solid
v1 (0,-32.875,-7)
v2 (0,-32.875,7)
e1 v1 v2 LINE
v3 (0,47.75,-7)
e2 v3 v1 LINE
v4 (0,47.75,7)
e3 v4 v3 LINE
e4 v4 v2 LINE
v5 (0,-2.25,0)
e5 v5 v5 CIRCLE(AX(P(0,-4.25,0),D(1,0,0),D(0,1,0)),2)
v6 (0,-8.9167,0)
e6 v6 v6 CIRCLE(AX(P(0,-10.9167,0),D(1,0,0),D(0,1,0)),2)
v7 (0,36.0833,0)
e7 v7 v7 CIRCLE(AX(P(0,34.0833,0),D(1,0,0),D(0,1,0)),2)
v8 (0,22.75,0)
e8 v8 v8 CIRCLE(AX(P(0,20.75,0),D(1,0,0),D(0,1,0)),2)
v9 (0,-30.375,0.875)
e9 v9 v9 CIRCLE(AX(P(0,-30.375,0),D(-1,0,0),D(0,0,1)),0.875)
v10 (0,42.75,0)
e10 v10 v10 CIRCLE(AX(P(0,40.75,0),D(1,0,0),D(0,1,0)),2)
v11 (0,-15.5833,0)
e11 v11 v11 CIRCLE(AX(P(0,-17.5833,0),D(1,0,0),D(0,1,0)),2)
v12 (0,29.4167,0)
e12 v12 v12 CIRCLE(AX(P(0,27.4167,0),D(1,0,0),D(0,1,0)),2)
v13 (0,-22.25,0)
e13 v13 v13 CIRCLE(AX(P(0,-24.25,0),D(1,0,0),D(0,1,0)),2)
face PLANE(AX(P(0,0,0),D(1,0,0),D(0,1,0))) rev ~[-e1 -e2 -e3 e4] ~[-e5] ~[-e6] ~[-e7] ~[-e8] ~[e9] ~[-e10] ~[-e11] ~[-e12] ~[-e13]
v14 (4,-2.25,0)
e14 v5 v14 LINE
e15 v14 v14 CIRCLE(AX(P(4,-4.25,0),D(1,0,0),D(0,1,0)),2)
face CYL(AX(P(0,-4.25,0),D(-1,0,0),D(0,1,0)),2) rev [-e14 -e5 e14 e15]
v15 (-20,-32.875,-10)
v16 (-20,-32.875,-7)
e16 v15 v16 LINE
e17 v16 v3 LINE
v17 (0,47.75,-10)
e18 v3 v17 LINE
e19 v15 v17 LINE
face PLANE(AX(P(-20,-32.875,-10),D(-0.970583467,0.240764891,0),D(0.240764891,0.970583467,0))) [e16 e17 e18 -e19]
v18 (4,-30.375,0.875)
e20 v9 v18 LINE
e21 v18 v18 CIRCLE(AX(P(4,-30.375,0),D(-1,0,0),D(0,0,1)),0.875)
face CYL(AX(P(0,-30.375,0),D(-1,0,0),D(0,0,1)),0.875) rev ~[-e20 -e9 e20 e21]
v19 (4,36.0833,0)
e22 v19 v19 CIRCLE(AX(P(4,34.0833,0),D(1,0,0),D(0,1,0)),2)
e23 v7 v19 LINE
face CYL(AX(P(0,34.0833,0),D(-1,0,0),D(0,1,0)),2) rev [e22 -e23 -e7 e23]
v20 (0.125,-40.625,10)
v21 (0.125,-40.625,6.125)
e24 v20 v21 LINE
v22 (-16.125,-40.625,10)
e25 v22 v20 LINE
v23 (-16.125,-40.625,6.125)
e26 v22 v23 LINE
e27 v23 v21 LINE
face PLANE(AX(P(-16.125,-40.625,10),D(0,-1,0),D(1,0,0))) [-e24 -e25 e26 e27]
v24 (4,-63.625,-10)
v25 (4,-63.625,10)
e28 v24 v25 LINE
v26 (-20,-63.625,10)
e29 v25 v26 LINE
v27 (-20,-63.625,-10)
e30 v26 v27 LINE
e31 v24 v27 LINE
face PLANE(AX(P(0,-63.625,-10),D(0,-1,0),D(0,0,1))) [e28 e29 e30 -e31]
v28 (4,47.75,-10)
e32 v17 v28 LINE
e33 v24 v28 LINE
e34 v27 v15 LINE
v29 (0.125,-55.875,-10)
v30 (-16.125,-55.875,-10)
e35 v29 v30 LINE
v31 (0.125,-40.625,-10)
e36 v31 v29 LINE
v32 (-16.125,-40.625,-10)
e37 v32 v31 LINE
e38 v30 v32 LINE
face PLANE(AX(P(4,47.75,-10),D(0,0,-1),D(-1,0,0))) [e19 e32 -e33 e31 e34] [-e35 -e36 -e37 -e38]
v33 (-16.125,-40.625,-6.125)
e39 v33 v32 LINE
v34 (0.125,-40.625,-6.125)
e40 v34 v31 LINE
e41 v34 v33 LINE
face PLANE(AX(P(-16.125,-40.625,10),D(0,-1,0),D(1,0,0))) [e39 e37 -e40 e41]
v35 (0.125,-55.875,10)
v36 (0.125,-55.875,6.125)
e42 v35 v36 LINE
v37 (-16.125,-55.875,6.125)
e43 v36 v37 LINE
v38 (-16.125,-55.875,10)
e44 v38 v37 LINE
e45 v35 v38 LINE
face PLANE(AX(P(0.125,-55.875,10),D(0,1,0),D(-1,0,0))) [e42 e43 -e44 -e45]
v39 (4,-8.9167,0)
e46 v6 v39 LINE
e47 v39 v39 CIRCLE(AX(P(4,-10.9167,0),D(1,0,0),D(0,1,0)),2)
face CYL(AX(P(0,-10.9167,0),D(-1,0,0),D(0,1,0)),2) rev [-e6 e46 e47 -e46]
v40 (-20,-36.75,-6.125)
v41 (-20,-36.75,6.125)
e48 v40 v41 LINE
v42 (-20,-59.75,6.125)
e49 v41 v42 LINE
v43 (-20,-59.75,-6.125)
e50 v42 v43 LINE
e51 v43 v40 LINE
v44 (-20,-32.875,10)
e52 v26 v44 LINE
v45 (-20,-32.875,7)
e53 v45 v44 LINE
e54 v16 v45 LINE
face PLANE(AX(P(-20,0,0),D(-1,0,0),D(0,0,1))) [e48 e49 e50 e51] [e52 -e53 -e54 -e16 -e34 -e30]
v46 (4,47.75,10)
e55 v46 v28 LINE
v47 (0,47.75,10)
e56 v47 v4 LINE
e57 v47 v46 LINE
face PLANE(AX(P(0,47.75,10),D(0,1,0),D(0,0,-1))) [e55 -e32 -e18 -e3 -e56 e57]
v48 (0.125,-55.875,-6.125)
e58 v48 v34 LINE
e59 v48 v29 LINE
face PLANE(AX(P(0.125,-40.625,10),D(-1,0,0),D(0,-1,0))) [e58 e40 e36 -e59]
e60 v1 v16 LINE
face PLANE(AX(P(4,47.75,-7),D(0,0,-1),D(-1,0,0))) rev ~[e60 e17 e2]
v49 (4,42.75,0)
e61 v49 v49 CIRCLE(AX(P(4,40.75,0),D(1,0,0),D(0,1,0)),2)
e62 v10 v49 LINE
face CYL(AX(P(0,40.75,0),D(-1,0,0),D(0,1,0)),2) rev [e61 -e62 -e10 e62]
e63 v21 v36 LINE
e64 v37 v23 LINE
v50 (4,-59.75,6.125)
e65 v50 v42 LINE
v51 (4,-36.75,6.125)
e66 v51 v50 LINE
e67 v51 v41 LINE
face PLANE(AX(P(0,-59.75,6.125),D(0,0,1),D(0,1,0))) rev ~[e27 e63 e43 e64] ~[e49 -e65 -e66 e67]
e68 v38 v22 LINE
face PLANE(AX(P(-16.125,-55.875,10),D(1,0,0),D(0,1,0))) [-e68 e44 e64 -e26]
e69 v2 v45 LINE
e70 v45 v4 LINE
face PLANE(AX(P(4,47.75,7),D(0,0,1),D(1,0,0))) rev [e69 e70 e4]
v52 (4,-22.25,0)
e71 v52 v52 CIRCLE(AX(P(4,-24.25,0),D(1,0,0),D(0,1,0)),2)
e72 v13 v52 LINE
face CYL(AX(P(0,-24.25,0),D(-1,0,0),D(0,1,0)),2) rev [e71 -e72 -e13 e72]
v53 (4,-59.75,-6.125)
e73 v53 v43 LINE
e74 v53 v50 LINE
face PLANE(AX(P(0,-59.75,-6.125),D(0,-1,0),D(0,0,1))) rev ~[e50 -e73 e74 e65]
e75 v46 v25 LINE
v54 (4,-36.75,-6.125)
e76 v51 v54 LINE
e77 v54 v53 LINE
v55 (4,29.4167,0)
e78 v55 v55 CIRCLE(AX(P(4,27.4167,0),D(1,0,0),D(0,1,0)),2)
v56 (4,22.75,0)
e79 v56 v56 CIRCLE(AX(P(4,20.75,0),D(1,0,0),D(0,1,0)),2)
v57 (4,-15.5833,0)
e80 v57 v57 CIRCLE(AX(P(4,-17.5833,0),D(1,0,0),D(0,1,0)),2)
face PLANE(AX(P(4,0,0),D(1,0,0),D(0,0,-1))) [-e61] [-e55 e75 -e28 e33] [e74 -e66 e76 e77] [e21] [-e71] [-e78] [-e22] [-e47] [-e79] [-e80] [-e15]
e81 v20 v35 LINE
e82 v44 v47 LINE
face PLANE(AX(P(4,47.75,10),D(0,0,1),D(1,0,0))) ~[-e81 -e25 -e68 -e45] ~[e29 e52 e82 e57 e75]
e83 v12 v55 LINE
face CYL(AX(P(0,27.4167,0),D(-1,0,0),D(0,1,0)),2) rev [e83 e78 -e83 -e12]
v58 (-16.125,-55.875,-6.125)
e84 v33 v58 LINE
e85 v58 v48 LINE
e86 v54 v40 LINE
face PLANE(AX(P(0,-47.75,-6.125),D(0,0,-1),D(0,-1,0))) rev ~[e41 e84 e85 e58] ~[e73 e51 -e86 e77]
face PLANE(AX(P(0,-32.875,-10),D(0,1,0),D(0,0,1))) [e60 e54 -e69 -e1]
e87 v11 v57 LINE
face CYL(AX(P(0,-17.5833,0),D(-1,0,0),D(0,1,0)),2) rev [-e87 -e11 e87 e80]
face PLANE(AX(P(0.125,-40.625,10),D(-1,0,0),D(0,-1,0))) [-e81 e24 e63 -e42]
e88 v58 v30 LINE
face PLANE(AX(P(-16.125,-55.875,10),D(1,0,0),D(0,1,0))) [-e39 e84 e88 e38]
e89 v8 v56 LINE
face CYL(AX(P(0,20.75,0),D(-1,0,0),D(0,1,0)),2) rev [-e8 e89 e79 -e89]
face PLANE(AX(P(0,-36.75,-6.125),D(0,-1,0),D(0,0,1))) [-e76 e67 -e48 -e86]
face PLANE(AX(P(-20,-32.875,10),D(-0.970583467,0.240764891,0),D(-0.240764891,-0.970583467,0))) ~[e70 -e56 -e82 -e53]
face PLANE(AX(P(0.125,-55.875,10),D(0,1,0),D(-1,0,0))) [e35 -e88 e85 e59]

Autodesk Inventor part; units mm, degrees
ref_plane "YZ Plane" through (0, 0, 0) normal (1, 0, 0) x (0, 1, 0)
ref_plane "XZ Plane" through (0, 0, 0) normal (0, 1, 0) x (-1, 0, 0)
ref_plane "XY Plane" through (0, 0, 0) normal (0, 0, 1) x (1, 0, 0)
sketch "Sketch1" plane through (0, 0, 0) normal (1, 0, 0) x (0, 1, 0)
  line L0 (47.75, -10) -> (-47.75, -10)
  line L1 (-47.75, -10) -> (-47.75, 10)
  line L2 (-47.75, 10) -> (47.75, 10)
  line L3 (47.75, 10) -> (47.75, -10)
  line L4 (47.75, -10) -> (-47.75, 10) construction
  line L5 (-47.75, -10) -> (47.75, 10) construction
  circle A0 centre (40.75, 0) radius 2
  circle A1 centre (-4.25, 0) radius 2
  line L6 (18.25, 25.1028) -> (18.25, -34.7635) construction
  line L7 (-1.75, 23.8417) -> (-1.75, -36.7999) construction
  circle A2 centre (20.75, 0) radius 2
  circle A3 centre (-24.25, 0) radius 2
  line L8 (-41.75, 23.8417) -> (-41.75, -30.9921) construction
  circle A4 centre (34.0833, 0) radius 2
  circle A5 centre (27.4167, 0) radius 2
  circle A6 centre (-10.9167, 0) radius 2
  circle A7 centre (-17.5833, 0) radius 2
  point P0 (0, 0)
  dimension "d1" = 20
  dimension "d4" = 4
  dimension "d5" = 7
  dimension "d6" = 45
  dimension "d7" = 22.5
  dimension "d8" = 20
  dimension "d9" = 22.5
  dimension "d10" = 22.5
  dimension "d11" = 60
  dimension "d18" = 6.6667
  dimension "d25" = 6.6667
  dimension "d30" = 6
extrude "Extrusion1" add sketch "Sketch1" along normal blind 4
sketch "Sketch2" plane through (0, 0, 0) normal (1, 0, 0) x (0, 1, 0)
  line L0 (-41.75, 22.3574) -> (-41.75, -36.9148) construction
  circle A0 centre (-17.5833, 0) radius 2 projected
  circle A1 centre (-10.9167, 0) radius 2 projected
  circle A2 centre (27.4167, 0) radius 2 projected
  circle A3 centre (34.0833, 0) radius 2 projected
  circle A4 centre (-24.25, 0) radius 2 projected
  circle A5 centre (20.75, 0) radius 2 projected
  circle A6 centre (-4.25, 0) radius 2 projected
  circle A7 centre (40.75, 0) radius 2 projected
  line L1 (-47.75, -10) -> (47.75, -10) projected
  line L2 (47.75, -10) -> (47.75, 10) projected
  line L3 (47.75, 10) -> (-47.75, 10) projected
  line L4 (-47.75, 10) -> (-47.75, -10) projected
  line L5 (47.75, 0) -> (-47.75, 0) construction
  line L6 (-47.75, -10) -> (-47.75, 10) projected
  line L7 (-59.75, -6.125) -> (-36.75, -6.125)
  line L8 (-36.75, -6.125) -> (-36.75, 6.125)
  line L9 (-36.75, 6.125) -> (-59.75, 6.125)
  line L10 (-59.75, 6.125) -> (-59.75, -6.125)
  line L11 (-59.75, -6.125) -> (-36.75, 6.125) construction
  line L12 (-36.75, -6.125) -> (-59.75, 6.125) construction
  line L13 (-47.75, -10) -> (-63.625, -10)
  line L14 (-63.625, -10) -> (-63.625, 10)
  line L15 (-63.625, 10) -> (-47.75, 10)
  line L16 (-47.75, 10) -> (-47.75, -10)
  line L17 (-32.875, -10) -> (-32.875, 10)
  point P0 (0, 0)
  point P1 (-48.25, 0)
  dimension "d33" = 6
  dimension "d34" = 12.25
  dimension "d35" = 23
  dimension "d36" = 5
  dimension "d37" = 3.875
  dimension "d38" = 3.875
  dimension "d39" = 3.875
extrude "Extrusion2" cut sketch "Sketch2" along normal blind 20 contours L7 L10 L9 L4 | L4 L9 L8 L7
sketch "Sketch3" plane through (0, 0, 0) normal (-1, 0, 0) x (0, 0, 1)
  line L0 (-10, -47.75) -> (-6.125, -47.75) projected
  line L1 (-10, -47.75) -> (-6.125, -47.75)
  line L2 (6.125, -47.75) -> (10, -47.75) projected
  line L3 (10, -47.75) -> (6.125, -47.75)
  line L4 (6.125, -36.75) -> (6.125, -47.75) projected
  line L5 (6.125, -47.75) -> (10, -47.75) projected
  line L6 (10, -47.75) -> (10, 47.75) projected
  line L7 (10, 47.75) -> (-10, 47.75) projected
  line L8 (-10, 47.75) -> (-10, -47.75) projected
  line L9 (-10, -47.75) -> (-6.125, -47.75) projected
  line L10 (-6.125, -47.75) -> (-6.125, -36.75) projected
  line L11 (-6.125, -36.75) -> (6.125, -36.75) projected
  circle A0 centre (0, -17.5833) radius 2 projected
  circle A1 centre (0, -10.9167) radius 2 projected
  circle A2 centre (0, 27.4167) radius 2 projected
  circle A3 centre (0, 34.0833) radius 2 projected
  circle A4 centre (0, -24.25) radius 2 projected
  circle A5 centre (0, 20.75) radius 2 projected
  circle A6 centre (0, -4.25) radius 2 projected
  circle A7 centre (0, 40.75) radius 2 projected
  line L12 (-6.125, -36.75) -> (6.125, -36.75)
  line L13 (6.125, -36.75) -> (6.125, -59.75)
  line L14 (6.125, -59.75) -> (-6.125, -59.75)
  line L15 (-6.125, -59.75) -> (-6.125, -36.75)
  line L16 (-10, 47.75) -> (-10, -47.75) projected
  line L17 (-10, -32.875) -> (10, -32.875)
  line L18 (10, -32.875) -> (10, -63.625)
  line L19 (10, -63.625) -> (-10, -63.625)
  line L20 (-10, -63.625) -> (-10, -32.875)
  point P0 (0, 0)
  dimension "d44" = 23
  dimension "d45" = 3.875
  dimension "d46" = 3.875
  dimension "d47" = 3.875
extrude "Extrusion4" add sketch "Sketch3" along normal blind 20 contours L8 L17 L6 L2 L4 L11 L10 L0 | L0 L15 L14 L13 L2 L18 L19 L20
sketch "Sketch5" plane through (0, 0, 0) normal (1, 0, 0) x (0, 0, -1)
  line L0 (-6.125, -47.75) -> (-10, -47.75) projected
  line L1 (-10, -63.625) -> (-10, -47.75) projected
  line L2 (10, -63.625) -> (-10, -63.625) projected
  line L3 (10, -47.75) -> (10, -63.625) projected
  line L4 (10, -47.75) -> (6.125, -47.75) projected
  line L5 (6.125, -47.75) -> (6.125, -59.75) projected
  line L6 (6.125, -59.75) -> (-6.125, -59.75) projected
  line L7 (-6.125, -59.75) -> (-6.125, -47.75) projected
  point P0 (0, 0)
extrude "Extrusion5" add sketch "Sketch5" along normal blind 4
sketch "Sketch6" plane through (0, 0, 0) normal (-1, 0, 0) x (0, 0, 1)
  line L0 (-10, -32.875) -> (10, -32.875) projected
  line L1 (10, -32.875) -> (10, 47.75) projected
  line L2 (10, 47.75) -> (-10, 47.75) projected
  line L3 (-10, 47.75) -> (-10, -32.875) projected
  circle A0 centre (0, -17.5833) radius 2 projected
  circle A1 centre (0, -10.9167) radius 2 projected
  circle A2 centre (0, 27.4167) radius 2 projected
  circle A3 centre (0, 34.0833) radius 2 projected
  circle A4 centre (0, -24.25) radius 2 projected
  circle A5 centre (0, 20.75) radius 2 projected
  circle A6 centre (0, -4.25) radius 2 projected
  circle A7 centre (0, 40.75) radius 2 projected
  circle A8 centre (0, -30.375) radius 0.875
  point P0 (0, 0)
  dimension "d52" = 2.5
  dimension "d53" = 1.75
extrude "Extrusion6" cut sketch "Sketch6" against normal blind 4 contours A8
sketch "Sketch7" plane through (0, 47.75, 10) normal (0, 0, 1) x (1, 0, 0)
  line L0 (4, 0) -> (4, -111.375) projected
  line L1 (0, 0) -> (4, 0) projected
  line L2 (0, -80.625) -> (0, 0) projected
  line L3 (0, -80.625) -> (-20, -80.625) projected
  line L4 (-20, -111.375) -> (-20, -80.625) projected
  line L5 (4, -111.375) -> (-20, -111.375) projected
  line L6 (4, -84.5) -> (4, -107.5) projected
  line L7 (-20, -84.5) -> (4, -84.5) projected
  line L8 (-20, -107.5) -> (-20, -84.5) projected
  line L9 (4, -107.5) -> (-20, -107.5) projected
  line L10 (-16.125, -88.375) -> (0.125, -88.375)
  line L11 (0.125, -88.375) -> (0.125, -103.625)
  line L12 (0.125, -103.625) -> (-16.125, -103.625)
  line L13 (-16.125, -103.625) -> (-16.125, -88.375)
  point P0 (0, -47.75)
  dimension "d56" = 3.875
  dimension "d57" = 3.875
  dimension "d58" = 3.875
  dimension "d59" = 3.875
extrude "Extrusion7" cut sketch "Sketch7" against normal blind 20 contours L10 L11 L12 L13
sketch "Sketch8" plane through (4, 47.75, -10) normal (0, 0, -1) x (-1, 0, 0)
  line L0 (24, -84.5) -> (0, -84.5) projected
  line L1 (20.125, -88.375) -> (20.125, -103.625) projected
  line L2 (20.125, -103.625) -> (3.875, -103.625) projected
  line L3 (3.875, -103.625) -> (3.875, -88.375) projected
  line L4 (3.875, -88.375) -> (20.125, -88.375) projected
  line L5 (4, 0) -> (4, -80.625) projected
  line L6 (4, 0) -> (0, 0) projected
  line L7 (0, -111.375) -> (0, 0) projected
  line L8 (0, -111.375) -> (24, -111.375) projected
  line L9 (24, -80.625) -> (24, -111.375) projected
  line L10 (4, -80.625) -> (24, -80.625) projected
  line L11 (4, -80.625) -> (4, 0) projected
  line L12 (4, 0) -> (4, -80.625) projected
  line L13 (24, -80.625) -> (4, 0)
  point P0 (4, -47.75)
extrude "Extrusion8" add sketch "Sketch8" against normal blind 3 contours L10 L5 L13
mirror "Mirror2" about plane through (0, 0, 0) normal (0, 0, 1) of "Extrusion8"
sketch "Sketch9" plane through (4, 0, 0) normal (1, 0, 0) x (0, 0, -1)
  circle A0 centre (0, -30.375) radius 0.875 projected
  line L0 (10, -63.625) -> (10, 47.75) projected
  line L1 (10, 47.75) -> (-10, 47.75) projected
  line L2 (-10, 47.75) -> (-10, -63.625) projected
  line L3 (-10, -63.625) -> (10, -63.625) projected
  line L4 (6.125, -36.75) -> (6.125, -59.75) projected
  line L5 (6.125, -59.75) -> (-6.125, -59.75) projected
  line L6 (-6.125, -59.75) -> (-6.125, -36.75) projected
  line L7 (-6.125, -36.75) -> (6.125, -36.75) projected
  circle A1 centre (0, 40.75) radius 2 projected
  circle A2 centre (0, -4.25) radius 2 projected
  circle A3 centre (0, 20.75) radius 2 projected
  circle A4 centre (0, -24.25) radius 2 projected
  circle A5 centre (0, 34.0833) radius 2 projected
  circle A6 centre (0, 27.4167) radius 2 projected
  circle A7 centre (0, -10.9167) radius 2 projected
  circle A8 centre (0, -17.5833) radius 2 projected
  point P0 (0, 0)
properties part number "TopRearLeg"
